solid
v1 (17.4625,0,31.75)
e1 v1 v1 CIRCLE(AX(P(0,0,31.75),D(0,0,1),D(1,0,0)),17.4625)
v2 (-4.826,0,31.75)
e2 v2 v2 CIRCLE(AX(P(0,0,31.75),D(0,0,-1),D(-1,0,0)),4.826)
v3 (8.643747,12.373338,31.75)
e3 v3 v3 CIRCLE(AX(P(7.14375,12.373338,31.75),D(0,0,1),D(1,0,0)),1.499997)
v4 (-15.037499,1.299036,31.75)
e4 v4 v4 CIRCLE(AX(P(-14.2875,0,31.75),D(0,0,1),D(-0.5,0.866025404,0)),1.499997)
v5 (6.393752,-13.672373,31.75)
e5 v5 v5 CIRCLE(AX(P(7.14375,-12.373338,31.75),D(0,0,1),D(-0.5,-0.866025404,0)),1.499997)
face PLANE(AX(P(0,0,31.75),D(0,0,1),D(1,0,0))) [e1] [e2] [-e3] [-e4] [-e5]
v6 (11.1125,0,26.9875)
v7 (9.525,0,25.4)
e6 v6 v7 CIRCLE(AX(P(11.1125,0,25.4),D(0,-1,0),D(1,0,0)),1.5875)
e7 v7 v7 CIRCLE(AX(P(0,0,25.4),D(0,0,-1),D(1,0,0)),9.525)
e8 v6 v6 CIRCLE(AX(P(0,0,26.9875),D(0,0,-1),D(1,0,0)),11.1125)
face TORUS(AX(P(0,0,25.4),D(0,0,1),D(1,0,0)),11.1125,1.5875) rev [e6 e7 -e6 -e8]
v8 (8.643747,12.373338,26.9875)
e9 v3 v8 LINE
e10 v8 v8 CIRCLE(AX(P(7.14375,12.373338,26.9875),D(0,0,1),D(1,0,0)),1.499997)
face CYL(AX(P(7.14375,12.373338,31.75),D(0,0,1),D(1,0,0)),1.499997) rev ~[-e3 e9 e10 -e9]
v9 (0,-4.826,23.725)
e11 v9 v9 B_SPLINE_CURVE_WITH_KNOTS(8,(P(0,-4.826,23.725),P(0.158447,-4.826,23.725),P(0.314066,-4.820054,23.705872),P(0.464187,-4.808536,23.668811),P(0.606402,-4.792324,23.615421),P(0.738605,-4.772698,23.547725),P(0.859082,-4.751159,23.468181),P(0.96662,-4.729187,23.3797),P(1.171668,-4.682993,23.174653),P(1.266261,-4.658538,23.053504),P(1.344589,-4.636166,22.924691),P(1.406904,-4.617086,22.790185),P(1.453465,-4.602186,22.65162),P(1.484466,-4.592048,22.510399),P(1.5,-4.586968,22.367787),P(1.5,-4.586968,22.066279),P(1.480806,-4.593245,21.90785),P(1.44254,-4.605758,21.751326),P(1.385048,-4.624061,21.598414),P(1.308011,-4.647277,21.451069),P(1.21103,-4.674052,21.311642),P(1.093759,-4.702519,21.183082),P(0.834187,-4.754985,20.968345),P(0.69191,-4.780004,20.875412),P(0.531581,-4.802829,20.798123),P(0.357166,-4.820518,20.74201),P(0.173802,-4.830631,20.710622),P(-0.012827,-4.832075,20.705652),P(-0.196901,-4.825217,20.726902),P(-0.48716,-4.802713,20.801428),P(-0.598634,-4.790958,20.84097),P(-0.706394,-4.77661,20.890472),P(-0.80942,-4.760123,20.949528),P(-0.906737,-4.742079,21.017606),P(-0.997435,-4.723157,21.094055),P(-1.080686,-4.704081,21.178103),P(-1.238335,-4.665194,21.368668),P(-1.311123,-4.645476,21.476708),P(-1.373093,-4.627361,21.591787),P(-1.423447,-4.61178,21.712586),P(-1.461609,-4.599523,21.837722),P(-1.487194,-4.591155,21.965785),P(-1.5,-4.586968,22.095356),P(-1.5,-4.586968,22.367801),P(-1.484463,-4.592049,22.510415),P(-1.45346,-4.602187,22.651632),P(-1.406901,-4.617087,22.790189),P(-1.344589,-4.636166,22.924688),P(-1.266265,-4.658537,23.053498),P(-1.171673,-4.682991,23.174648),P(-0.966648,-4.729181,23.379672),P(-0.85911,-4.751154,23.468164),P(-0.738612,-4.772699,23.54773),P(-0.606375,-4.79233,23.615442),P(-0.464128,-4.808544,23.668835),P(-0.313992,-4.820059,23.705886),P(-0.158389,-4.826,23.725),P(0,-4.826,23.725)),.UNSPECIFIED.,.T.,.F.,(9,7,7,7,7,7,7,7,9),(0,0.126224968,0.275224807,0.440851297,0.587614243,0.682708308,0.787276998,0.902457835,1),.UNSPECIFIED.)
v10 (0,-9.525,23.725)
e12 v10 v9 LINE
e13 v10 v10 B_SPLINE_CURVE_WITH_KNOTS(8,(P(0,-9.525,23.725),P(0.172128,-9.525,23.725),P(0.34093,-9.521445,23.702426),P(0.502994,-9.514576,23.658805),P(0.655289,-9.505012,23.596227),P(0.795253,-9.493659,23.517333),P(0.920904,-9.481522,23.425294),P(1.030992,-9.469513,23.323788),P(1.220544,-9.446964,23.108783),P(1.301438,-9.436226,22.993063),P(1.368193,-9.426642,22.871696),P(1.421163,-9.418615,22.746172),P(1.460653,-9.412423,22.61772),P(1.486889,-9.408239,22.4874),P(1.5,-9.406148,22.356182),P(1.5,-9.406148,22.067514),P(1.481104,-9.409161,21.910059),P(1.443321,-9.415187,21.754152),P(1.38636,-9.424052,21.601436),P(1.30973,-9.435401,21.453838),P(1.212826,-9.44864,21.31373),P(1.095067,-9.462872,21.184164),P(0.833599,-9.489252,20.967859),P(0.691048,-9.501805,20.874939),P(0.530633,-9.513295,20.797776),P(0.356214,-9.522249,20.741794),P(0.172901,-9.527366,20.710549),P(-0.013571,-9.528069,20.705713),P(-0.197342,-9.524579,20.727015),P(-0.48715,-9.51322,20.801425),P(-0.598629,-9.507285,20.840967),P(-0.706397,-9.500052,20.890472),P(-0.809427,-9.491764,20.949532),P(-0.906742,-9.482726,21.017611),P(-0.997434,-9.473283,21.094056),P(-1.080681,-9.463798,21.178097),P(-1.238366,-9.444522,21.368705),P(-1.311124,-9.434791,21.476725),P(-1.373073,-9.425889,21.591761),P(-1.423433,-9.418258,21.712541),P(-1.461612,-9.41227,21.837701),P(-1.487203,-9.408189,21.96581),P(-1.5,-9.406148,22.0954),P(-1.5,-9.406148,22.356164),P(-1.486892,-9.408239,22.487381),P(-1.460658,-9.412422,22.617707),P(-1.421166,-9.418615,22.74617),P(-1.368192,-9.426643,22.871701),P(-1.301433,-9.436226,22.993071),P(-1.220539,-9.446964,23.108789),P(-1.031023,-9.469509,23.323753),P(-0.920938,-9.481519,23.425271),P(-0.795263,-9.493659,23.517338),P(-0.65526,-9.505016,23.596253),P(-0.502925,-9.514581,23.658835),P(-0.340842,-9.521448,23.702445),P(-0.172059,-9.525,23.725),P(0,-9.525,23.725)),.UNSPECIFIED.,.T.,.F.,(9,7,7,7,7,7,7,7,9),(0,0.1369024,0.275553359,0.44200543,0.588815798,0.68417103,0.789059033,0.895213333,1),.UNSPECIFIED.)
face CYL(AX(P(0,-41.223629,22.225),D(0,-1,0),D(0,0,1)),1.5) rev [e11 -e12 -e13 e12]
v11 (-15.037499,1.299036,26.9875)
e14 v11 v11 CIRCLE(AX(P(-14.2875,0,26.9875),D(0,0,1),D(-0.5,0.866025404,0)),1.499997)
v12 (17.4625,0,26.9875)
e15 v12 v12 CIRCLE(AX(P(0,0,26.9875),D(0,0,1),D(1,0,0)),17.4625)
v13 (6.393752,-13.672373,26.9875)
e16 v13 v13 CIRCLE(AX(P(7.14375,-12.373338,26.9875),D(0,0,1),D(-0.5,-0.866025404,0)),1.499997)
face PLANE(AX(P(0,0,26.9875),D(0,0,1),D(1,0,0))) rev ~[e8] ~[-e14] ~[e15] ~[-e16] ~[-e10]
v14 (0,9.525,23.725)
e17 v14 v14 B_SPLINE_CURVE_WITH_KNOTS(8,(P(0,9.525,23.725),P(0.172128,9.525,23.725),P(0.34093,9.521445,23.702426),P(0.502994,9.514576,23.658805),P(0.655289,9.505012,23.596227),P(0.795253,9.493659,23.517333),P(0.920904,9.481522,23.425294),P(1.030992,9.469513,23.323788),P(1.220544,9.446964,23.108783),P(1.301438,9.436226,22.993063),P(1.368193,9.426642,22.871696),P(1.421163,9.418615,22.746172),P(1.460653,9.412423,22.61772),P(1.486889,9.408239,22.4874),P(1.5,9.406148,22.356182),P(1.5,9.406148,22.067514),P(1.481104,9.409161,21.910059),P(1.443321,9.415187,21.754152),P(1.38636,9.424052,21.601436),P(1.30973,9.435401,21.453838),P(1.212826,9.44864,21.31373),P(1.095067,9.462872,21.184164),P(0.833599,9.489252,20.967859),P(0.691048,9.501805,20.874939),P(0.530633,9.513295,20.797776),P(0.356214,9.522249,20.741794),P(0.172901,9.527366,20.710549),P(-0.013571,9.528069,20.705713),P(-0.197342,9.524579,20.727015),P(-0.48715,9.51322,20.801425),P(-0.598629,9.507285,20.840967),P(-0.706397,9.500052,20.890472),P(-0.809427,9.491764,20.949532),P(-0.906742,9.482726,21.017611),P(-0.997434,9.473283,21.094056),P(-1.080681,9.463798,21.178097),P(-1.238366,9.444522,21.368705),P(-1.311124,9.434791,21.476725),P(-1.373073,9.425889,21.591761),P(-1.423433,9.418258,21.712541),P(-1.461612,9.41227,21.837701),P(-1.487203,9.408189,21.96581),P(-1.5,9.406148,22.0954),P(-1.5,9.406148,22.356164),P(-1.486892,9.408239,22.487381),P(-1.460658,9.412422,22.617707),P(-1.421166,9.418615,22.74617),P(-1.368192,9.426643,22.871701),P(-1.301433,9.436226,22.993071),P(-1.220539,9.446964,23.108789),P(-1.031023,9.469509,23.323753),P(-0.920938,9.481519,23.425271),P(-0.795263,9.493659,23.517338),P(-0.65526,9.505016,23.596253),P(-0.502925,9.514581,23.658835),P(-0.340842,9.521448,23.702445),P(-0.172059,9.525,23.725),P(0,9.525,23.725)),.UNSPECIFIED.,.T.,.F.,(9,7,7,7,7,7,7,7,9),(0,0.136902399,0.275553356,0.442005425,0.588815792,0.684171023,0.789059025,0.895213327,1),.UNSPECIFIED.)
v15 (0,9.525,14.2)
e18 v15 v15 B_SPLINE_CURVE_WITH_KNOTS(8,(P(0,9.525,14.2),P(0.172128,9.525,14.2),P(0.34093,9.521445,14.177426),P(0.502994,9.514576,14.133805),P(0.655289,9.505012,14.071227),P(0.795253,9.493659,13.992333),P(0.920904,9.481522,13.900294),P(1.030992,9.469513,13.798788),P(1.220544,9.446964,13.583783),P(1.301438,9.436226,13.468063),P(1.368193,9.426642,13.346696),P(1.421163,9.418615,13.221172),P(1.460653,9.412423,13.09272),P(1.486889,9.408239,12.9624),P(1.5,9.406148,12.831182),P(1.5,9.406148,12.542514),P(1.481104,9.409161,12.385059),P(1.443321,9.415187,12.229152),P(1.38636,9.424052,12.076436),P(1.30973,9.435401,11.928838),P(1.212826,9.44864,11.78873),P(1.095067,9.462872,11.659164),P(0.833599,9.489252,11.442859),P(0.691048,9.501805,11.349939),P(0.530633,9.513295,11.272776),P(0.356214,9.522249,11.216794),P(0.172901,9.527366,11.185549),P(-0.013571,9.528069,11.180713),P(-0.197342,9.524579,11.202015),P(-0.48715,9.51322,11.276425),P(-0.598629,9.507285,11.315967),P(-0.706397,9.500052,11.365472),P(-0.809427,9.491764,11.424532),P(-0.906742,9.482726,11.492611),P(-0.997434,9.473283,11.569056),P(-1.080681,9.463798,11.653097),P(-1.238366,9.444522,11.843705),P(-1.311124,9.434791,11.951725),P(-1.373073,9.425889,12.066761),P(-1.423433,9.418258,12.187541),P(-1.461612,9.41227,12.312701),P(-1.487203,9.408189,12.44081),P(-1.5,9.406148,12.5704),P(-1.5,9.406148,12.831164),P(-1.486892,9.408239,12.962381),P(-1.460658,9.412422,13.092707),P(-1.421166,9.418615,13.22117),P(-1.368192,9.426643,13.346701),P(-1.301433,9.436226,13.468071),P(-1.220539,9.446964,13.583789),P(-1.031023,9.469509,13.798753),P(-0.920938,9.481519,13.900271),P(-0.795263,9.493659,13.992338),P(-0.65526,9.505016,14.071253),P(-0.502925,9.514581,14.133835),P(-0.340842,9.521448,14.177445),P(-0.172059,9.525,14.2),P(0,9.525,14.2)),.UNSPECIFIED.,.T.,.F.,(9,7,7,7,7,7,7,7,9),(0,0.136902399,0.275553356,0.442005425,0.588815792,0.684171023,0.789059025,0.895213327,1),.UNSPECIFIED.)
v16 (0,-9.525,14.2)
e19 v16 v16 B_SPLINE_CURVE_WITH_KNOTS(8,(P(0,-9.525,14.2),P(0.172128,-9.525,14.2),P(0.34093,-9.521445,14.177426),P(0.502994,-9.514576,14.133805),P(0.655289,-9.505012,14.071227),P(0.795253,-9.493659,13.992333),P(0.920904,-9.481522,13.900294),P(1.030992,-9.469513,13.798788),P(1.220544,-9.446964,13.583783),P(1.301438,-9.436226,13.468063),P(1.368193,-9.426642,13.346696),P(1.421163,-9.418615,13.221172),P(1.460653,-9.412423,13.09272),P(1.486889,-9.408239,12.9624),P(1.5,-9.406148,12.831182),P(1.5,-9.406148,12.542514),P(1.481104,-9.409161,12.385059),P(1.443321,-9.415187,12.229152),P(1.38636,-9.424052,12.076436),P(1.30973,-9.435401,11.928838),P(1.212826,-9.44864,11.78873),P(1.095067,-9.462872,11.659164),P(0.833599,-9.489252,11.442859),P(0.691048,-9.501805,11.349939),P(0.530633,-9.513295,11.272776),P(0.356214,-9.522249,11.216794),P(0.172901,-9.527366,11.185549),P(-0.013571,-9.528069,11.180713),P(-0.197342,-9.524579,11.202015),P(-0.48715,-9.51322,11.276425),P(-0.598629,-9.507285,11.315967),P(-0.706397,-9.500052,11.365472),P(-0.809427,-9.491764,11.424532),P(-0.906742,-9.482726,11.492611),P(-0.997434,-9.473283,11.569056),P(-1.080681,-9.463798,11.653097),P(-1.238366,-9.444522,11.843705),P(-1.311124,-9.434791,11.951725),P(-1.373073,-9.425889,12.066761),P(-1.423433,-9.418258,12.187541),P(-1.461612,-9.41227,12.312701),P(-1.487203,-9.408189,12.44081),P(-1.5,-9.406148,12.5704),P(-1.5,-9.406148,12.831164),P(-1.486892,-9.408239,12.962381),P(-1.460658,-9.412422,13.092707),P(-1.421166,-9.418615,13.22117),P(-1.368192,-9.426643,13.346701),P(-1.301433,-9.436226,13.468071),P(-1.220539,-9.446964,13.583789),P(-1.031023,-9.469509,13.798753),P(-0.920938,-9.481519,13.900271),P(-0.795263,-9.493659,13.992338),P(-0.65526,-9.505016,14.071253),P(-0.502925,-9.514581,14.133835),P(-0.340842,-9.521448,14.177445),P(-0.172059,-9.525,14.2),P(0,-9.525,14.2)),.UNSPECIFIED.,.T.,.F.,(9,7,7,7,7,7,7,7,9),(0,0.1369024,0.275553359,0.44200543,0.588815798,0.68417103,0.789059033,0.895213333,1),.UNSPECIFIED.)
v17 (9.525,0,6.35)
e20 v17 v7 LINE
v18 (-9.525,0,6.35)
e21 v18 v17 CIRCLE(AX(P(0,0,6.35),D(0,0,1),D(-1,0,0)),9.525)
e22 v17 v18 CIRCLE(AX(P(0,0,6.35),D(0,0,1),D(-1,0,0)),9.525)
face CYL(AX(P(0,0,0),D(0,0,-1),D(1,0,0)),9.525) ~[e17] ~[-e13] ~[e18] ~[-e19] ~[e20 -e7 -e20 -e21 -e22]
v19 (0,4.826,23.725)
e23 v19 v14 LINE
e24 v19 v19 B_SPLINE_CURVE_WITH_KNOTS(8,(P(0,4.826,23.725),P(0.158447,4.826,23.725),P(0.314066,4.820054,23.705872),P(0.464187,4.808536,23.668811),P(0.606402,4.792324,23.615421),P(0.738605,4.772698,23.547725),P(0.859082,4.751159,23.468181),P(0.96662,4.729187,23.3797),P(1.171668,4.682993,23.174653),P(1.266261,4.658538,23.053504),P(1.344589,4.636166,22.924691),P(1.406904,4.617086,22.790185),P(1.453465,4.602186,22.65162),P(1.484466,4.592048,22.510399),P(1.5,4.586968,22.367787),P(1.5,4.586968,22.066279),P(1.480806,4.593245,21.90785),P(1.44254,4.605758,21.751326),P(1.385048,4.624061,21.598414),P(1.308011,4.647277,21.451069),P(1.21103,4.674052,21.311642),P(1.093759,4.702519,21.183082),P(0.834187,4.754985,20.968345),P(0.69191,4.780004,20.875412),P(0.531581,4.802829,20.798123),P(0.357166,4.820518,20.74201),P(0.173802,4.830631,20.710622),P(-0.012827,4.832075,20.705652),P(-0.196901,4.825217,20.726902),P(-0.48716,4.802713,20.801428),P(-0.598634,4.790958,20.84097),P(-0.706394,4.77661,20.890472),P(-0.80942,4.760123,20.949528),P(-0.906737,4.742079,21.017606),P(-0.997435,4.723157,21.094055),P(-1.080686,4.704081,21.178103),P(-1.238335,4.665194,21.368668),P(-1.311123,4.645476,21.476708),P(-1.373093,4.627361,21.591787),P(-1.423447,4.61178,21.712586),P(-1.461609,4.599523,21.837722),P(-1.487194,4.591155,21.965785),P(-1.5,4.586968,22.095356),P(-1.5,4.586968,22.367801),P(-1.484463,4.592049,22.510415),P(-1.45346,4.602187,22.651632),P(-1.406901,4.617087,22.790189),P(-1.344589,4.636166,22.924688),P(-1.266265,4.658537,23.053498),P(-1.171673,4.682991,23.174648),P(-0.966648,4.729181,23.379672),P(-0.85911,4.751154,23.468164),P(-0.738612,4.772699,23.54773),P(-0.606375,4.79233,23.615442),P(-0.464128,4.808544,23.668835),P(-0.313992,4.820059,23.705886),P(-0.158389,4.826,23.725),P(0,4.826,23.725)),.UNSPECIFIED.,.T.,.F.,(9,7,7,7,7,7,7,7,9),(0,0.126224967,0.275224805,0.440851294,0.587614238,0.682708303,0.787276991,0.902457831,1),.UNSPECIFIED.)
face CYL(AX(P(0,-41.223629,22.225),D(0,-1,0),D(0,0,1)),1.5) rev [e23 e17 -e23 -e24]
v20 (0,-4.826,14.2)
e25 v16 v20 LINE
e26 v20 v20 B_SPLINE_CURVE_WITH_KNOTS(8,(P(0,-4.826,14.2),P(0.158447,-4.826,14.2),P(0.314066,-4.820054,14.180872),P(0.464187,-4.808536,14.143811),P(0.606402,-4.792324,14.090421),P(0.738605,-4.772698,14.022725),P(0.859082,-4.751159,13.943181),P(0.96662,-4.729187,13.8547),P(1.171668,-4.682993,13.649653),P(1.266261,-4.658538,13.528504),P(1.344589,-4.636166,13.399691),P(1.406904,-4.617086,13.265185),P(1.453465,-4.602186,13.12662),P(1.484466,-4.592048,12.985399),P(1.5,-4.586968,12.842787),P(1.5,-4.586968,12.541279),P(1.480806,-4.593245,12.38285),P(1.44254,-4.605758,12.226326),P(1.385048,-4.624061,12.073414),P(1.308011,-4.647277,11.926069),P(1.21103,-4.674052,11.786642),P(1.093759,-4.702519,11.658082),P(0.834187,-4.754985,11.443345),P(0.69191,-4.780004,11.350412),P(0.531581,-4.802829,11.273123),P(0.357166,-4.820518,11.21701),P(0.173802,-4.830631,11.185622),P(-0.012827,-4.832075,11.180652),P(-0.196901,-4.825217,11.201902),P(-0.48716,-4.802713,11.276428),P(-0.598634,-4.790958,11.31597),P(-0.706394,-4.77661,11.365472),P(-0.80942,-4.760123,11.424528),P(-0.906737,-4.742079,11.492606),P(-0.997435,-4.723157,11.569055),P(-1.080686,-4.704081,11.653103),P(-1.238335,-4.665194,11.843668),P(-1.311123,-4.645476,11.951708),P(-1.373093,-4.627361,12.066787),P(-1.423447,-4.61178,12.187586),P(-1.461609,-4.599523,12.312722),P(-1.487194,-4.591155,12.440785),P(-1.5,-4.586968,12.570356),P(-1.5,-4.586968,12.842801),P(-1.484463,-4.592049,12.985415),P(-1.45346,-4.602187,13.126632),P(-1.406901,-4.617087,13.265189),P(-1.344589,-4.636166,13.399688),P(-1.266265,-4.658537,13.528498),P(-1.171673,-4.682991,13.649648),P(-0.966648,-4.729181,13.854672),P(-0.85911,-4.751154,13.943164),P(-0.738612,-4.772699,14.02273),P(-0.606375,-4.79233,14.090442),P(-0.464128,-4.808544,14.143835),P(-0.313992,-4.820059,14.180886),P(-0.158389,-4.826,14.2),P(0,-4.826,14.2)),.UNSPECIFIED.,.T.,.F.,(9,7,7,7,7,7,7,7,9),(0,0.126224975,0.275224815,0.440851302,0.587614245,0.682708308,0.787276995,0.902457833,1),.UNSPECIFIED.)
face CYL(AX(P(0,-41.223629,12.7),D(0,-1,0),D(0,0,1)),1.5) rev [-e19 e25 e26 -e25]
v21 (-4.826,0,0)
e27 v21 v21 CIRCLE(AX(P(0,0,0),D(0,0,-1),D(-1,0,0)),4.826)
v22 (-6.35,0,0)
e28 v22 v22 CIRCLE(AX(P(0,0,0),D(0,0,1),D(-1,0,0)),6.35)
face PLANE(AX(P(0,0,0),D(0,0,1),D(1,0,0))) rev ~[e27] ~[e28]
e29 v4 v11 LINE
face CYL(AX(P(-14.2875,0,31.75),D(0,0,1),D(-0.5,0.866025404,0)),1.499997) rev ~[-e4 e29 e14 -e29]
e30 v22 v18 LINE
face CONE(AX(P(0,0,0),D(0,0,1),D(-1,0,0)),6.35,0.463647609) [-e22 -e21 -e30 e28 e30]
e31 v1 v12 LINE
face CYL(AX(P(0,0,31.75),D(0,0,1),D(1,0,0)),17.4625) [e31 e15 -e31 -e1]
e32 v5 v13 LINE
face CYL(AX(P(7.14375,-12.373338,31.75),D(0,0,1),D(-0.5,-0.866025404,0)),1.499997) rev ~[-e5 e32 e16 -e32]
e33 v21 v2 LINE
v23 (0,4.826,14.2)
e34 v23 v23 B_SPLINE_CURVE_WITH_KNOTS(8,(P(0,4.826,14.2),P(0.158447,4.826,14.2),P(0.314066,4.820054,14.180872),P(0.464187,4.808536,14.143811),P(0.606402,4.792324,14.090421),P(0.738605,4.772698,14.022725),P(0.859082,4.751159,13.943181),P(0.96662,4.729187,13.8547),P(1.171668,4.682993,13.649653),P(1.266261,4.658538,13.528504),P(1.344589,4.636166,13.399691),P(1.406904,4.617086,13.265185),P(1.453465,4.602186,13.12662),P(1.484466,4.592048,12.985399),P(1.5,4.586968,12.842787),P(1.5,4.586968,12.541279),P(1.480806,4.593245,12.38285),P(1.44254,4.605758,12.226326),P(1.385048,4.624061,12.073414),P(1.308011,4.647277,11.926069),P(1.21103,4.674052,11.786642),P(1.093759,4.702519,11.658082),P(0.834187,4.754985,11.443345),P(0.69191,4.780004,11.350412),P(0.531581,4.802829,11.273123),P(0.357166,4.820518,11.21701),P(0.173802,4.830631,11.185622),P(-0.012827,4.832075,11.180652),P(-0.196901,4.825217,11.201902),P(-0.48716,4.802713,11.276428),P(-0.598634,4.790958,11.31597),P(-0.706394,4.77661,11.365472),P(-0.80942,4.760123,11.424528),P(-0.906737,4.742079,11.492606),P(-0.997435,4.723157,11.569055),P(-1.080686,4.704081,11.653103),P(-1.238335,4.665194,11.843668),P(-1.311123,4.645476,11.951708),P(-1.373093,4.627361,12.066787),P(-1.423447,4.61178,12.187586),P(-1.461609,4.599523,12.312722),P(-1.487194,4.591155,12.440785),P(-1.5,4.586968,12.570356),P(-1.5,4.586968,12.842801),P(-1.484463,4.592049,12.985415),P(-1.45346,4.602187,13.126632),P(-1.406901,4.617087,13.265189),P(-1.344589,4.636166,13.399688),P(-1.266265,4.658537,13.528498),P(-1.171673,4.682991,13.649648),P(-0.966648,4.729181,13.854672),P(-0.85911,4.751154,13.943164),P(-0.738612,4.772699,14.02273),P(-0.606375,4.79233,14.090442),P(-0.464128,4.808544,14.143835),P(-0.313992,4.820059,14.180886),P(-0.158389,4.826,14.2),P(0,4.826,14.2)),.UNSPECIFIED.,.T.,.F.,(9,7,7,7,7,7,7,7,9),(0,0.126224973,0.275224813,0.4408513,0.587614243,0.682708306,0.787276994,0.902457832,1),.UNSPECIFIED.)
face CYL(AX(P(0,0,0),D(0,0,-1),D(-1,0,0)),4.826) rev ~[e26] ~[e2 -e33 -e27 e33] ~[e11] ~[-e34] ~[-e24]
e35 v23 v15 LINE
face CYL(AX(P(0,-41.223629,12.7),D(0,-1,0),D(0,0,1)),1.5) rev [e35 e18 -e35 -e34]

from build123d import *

# Parameters (mm, degrees)
SKETCH1_R               = 9.525
BOSS_EXTRUDE1_DEPTH     = 31.75
SKETCH18_R              = 17.4625
BOSS_EXTRUDE2_DEPTH     = 4.7625
SKETCH12_R              = 4.826
CUT_EXTRUDE3_DEPTH      = 31.75
CUT_EXTRUDE4_DEPTH      = 41.223628783
CUT_EXTRUDE4_DEPTH_BACK = 41.223628783
SKETCH14_R              = 1.5
SKETCH17_R              = 1.499997
CUT_EXTRUDE5_DEPTH      = 6.35
CIRPATTERN1_COUNT       = 3
FILLET1_R               = 1.5875


with BuildPart() as part:
    # Sketch1 → Boss-Extrude1 (new body)
    with BuildSketch(Plane.XY):
        Circle(SKETCH1_R)
    extrude(amount=BOSS_EXTRUDE1_DEPTH)

    # Sketch18 → Boss-Extrude2 (add)
    with BuildSketch(Plane.XY.offset(31.75)):
        Circle(SKETCH18_R)
    extrude(amount=-BOSS_EXTRUDE2_DEPTH)

    # Sketch12 → Cut-Extrude3 (cut)
    with BuildSketch(Plane(origin=(0, 0, 0), x_dir=(-1, 0, 0), z_dir=(0, 0, -1))):
        Circle(SKETCH12_R)
    extrude(amount=-CUT_EXTRUDE3_DEPTH, mode=Mode.SUBTRACT)

    # Sketch14 → Cut-Extrude4 (cut, two sides: drawn at the far end of the back side and taken through both)
    with BuildSketch(Plane(origin=(0, 0, 0), x_dir=(1, 0, 0), z_dir=(0, 1, 0)).offset(-CUT_EXTRUDE4_DEPTH_BACK)):
        with Locations(Location((0, -12.7, 0), (0, 0, 270))):
            Circle(SKETCH14_R)
        with Locations(Location((0, -22.225, 0), (0, 0, 270))):
            Circle(SKETCH14_R)
    extrude(amount=CUT_EXTRUDE4_DEPTH + CUT_EXTRUDE4_DEPTH_BACK, mode=Mode.SUBTRACT)

    # Sketch17 → Cut-Extrude5 (cut)
    with BuildSketch(Plane.XY.offset(31.75)):
        with Locations((7.14375, 12.373337957)):
            Circle(SKETCH17_R)
    cut_extrude5 = extrude(amount=-CUT_EXTRUDE5_DEPTH, mode=Mode.SUBTRACT)

    # CirPattern1: Cut-Extrude5 ×3 about axis
    cirpattern1_axis = Axis((0, 0, 0), (0, 0, 1))
    for i in range(1, CIRPATTERN1_COUNT):
        add(cut_extrude5.rotate(cirpattern1_axis, i * 360 / CIRPATTERN1_COUNT), mode=Mode.SUBTRACT)

    # Sketch16 → Cut-Revolve1 (revolve, cut)
    with BuildSketch(Plane(origin=(0, 0, 0), x_dir=(1, 0, 0), z_dir=(0, 1, 0))):
        Polygon((-6.35, 0), (-9.525, -6.35), (-9.525, 0), align=None)
    revolve(axis=Axis((0, 0, 0), (0, 0, 1)), mode=Mode.SUBTRACT)

    # Fillet1
    fillet1_edges = [part.edges().sort_by_distance(p)[0] for p in [
        (-9.525, 0, 26.9875),
    ]]
    fillet(fillet1_edges, radius=FILLET1_R)


solid = part.part
